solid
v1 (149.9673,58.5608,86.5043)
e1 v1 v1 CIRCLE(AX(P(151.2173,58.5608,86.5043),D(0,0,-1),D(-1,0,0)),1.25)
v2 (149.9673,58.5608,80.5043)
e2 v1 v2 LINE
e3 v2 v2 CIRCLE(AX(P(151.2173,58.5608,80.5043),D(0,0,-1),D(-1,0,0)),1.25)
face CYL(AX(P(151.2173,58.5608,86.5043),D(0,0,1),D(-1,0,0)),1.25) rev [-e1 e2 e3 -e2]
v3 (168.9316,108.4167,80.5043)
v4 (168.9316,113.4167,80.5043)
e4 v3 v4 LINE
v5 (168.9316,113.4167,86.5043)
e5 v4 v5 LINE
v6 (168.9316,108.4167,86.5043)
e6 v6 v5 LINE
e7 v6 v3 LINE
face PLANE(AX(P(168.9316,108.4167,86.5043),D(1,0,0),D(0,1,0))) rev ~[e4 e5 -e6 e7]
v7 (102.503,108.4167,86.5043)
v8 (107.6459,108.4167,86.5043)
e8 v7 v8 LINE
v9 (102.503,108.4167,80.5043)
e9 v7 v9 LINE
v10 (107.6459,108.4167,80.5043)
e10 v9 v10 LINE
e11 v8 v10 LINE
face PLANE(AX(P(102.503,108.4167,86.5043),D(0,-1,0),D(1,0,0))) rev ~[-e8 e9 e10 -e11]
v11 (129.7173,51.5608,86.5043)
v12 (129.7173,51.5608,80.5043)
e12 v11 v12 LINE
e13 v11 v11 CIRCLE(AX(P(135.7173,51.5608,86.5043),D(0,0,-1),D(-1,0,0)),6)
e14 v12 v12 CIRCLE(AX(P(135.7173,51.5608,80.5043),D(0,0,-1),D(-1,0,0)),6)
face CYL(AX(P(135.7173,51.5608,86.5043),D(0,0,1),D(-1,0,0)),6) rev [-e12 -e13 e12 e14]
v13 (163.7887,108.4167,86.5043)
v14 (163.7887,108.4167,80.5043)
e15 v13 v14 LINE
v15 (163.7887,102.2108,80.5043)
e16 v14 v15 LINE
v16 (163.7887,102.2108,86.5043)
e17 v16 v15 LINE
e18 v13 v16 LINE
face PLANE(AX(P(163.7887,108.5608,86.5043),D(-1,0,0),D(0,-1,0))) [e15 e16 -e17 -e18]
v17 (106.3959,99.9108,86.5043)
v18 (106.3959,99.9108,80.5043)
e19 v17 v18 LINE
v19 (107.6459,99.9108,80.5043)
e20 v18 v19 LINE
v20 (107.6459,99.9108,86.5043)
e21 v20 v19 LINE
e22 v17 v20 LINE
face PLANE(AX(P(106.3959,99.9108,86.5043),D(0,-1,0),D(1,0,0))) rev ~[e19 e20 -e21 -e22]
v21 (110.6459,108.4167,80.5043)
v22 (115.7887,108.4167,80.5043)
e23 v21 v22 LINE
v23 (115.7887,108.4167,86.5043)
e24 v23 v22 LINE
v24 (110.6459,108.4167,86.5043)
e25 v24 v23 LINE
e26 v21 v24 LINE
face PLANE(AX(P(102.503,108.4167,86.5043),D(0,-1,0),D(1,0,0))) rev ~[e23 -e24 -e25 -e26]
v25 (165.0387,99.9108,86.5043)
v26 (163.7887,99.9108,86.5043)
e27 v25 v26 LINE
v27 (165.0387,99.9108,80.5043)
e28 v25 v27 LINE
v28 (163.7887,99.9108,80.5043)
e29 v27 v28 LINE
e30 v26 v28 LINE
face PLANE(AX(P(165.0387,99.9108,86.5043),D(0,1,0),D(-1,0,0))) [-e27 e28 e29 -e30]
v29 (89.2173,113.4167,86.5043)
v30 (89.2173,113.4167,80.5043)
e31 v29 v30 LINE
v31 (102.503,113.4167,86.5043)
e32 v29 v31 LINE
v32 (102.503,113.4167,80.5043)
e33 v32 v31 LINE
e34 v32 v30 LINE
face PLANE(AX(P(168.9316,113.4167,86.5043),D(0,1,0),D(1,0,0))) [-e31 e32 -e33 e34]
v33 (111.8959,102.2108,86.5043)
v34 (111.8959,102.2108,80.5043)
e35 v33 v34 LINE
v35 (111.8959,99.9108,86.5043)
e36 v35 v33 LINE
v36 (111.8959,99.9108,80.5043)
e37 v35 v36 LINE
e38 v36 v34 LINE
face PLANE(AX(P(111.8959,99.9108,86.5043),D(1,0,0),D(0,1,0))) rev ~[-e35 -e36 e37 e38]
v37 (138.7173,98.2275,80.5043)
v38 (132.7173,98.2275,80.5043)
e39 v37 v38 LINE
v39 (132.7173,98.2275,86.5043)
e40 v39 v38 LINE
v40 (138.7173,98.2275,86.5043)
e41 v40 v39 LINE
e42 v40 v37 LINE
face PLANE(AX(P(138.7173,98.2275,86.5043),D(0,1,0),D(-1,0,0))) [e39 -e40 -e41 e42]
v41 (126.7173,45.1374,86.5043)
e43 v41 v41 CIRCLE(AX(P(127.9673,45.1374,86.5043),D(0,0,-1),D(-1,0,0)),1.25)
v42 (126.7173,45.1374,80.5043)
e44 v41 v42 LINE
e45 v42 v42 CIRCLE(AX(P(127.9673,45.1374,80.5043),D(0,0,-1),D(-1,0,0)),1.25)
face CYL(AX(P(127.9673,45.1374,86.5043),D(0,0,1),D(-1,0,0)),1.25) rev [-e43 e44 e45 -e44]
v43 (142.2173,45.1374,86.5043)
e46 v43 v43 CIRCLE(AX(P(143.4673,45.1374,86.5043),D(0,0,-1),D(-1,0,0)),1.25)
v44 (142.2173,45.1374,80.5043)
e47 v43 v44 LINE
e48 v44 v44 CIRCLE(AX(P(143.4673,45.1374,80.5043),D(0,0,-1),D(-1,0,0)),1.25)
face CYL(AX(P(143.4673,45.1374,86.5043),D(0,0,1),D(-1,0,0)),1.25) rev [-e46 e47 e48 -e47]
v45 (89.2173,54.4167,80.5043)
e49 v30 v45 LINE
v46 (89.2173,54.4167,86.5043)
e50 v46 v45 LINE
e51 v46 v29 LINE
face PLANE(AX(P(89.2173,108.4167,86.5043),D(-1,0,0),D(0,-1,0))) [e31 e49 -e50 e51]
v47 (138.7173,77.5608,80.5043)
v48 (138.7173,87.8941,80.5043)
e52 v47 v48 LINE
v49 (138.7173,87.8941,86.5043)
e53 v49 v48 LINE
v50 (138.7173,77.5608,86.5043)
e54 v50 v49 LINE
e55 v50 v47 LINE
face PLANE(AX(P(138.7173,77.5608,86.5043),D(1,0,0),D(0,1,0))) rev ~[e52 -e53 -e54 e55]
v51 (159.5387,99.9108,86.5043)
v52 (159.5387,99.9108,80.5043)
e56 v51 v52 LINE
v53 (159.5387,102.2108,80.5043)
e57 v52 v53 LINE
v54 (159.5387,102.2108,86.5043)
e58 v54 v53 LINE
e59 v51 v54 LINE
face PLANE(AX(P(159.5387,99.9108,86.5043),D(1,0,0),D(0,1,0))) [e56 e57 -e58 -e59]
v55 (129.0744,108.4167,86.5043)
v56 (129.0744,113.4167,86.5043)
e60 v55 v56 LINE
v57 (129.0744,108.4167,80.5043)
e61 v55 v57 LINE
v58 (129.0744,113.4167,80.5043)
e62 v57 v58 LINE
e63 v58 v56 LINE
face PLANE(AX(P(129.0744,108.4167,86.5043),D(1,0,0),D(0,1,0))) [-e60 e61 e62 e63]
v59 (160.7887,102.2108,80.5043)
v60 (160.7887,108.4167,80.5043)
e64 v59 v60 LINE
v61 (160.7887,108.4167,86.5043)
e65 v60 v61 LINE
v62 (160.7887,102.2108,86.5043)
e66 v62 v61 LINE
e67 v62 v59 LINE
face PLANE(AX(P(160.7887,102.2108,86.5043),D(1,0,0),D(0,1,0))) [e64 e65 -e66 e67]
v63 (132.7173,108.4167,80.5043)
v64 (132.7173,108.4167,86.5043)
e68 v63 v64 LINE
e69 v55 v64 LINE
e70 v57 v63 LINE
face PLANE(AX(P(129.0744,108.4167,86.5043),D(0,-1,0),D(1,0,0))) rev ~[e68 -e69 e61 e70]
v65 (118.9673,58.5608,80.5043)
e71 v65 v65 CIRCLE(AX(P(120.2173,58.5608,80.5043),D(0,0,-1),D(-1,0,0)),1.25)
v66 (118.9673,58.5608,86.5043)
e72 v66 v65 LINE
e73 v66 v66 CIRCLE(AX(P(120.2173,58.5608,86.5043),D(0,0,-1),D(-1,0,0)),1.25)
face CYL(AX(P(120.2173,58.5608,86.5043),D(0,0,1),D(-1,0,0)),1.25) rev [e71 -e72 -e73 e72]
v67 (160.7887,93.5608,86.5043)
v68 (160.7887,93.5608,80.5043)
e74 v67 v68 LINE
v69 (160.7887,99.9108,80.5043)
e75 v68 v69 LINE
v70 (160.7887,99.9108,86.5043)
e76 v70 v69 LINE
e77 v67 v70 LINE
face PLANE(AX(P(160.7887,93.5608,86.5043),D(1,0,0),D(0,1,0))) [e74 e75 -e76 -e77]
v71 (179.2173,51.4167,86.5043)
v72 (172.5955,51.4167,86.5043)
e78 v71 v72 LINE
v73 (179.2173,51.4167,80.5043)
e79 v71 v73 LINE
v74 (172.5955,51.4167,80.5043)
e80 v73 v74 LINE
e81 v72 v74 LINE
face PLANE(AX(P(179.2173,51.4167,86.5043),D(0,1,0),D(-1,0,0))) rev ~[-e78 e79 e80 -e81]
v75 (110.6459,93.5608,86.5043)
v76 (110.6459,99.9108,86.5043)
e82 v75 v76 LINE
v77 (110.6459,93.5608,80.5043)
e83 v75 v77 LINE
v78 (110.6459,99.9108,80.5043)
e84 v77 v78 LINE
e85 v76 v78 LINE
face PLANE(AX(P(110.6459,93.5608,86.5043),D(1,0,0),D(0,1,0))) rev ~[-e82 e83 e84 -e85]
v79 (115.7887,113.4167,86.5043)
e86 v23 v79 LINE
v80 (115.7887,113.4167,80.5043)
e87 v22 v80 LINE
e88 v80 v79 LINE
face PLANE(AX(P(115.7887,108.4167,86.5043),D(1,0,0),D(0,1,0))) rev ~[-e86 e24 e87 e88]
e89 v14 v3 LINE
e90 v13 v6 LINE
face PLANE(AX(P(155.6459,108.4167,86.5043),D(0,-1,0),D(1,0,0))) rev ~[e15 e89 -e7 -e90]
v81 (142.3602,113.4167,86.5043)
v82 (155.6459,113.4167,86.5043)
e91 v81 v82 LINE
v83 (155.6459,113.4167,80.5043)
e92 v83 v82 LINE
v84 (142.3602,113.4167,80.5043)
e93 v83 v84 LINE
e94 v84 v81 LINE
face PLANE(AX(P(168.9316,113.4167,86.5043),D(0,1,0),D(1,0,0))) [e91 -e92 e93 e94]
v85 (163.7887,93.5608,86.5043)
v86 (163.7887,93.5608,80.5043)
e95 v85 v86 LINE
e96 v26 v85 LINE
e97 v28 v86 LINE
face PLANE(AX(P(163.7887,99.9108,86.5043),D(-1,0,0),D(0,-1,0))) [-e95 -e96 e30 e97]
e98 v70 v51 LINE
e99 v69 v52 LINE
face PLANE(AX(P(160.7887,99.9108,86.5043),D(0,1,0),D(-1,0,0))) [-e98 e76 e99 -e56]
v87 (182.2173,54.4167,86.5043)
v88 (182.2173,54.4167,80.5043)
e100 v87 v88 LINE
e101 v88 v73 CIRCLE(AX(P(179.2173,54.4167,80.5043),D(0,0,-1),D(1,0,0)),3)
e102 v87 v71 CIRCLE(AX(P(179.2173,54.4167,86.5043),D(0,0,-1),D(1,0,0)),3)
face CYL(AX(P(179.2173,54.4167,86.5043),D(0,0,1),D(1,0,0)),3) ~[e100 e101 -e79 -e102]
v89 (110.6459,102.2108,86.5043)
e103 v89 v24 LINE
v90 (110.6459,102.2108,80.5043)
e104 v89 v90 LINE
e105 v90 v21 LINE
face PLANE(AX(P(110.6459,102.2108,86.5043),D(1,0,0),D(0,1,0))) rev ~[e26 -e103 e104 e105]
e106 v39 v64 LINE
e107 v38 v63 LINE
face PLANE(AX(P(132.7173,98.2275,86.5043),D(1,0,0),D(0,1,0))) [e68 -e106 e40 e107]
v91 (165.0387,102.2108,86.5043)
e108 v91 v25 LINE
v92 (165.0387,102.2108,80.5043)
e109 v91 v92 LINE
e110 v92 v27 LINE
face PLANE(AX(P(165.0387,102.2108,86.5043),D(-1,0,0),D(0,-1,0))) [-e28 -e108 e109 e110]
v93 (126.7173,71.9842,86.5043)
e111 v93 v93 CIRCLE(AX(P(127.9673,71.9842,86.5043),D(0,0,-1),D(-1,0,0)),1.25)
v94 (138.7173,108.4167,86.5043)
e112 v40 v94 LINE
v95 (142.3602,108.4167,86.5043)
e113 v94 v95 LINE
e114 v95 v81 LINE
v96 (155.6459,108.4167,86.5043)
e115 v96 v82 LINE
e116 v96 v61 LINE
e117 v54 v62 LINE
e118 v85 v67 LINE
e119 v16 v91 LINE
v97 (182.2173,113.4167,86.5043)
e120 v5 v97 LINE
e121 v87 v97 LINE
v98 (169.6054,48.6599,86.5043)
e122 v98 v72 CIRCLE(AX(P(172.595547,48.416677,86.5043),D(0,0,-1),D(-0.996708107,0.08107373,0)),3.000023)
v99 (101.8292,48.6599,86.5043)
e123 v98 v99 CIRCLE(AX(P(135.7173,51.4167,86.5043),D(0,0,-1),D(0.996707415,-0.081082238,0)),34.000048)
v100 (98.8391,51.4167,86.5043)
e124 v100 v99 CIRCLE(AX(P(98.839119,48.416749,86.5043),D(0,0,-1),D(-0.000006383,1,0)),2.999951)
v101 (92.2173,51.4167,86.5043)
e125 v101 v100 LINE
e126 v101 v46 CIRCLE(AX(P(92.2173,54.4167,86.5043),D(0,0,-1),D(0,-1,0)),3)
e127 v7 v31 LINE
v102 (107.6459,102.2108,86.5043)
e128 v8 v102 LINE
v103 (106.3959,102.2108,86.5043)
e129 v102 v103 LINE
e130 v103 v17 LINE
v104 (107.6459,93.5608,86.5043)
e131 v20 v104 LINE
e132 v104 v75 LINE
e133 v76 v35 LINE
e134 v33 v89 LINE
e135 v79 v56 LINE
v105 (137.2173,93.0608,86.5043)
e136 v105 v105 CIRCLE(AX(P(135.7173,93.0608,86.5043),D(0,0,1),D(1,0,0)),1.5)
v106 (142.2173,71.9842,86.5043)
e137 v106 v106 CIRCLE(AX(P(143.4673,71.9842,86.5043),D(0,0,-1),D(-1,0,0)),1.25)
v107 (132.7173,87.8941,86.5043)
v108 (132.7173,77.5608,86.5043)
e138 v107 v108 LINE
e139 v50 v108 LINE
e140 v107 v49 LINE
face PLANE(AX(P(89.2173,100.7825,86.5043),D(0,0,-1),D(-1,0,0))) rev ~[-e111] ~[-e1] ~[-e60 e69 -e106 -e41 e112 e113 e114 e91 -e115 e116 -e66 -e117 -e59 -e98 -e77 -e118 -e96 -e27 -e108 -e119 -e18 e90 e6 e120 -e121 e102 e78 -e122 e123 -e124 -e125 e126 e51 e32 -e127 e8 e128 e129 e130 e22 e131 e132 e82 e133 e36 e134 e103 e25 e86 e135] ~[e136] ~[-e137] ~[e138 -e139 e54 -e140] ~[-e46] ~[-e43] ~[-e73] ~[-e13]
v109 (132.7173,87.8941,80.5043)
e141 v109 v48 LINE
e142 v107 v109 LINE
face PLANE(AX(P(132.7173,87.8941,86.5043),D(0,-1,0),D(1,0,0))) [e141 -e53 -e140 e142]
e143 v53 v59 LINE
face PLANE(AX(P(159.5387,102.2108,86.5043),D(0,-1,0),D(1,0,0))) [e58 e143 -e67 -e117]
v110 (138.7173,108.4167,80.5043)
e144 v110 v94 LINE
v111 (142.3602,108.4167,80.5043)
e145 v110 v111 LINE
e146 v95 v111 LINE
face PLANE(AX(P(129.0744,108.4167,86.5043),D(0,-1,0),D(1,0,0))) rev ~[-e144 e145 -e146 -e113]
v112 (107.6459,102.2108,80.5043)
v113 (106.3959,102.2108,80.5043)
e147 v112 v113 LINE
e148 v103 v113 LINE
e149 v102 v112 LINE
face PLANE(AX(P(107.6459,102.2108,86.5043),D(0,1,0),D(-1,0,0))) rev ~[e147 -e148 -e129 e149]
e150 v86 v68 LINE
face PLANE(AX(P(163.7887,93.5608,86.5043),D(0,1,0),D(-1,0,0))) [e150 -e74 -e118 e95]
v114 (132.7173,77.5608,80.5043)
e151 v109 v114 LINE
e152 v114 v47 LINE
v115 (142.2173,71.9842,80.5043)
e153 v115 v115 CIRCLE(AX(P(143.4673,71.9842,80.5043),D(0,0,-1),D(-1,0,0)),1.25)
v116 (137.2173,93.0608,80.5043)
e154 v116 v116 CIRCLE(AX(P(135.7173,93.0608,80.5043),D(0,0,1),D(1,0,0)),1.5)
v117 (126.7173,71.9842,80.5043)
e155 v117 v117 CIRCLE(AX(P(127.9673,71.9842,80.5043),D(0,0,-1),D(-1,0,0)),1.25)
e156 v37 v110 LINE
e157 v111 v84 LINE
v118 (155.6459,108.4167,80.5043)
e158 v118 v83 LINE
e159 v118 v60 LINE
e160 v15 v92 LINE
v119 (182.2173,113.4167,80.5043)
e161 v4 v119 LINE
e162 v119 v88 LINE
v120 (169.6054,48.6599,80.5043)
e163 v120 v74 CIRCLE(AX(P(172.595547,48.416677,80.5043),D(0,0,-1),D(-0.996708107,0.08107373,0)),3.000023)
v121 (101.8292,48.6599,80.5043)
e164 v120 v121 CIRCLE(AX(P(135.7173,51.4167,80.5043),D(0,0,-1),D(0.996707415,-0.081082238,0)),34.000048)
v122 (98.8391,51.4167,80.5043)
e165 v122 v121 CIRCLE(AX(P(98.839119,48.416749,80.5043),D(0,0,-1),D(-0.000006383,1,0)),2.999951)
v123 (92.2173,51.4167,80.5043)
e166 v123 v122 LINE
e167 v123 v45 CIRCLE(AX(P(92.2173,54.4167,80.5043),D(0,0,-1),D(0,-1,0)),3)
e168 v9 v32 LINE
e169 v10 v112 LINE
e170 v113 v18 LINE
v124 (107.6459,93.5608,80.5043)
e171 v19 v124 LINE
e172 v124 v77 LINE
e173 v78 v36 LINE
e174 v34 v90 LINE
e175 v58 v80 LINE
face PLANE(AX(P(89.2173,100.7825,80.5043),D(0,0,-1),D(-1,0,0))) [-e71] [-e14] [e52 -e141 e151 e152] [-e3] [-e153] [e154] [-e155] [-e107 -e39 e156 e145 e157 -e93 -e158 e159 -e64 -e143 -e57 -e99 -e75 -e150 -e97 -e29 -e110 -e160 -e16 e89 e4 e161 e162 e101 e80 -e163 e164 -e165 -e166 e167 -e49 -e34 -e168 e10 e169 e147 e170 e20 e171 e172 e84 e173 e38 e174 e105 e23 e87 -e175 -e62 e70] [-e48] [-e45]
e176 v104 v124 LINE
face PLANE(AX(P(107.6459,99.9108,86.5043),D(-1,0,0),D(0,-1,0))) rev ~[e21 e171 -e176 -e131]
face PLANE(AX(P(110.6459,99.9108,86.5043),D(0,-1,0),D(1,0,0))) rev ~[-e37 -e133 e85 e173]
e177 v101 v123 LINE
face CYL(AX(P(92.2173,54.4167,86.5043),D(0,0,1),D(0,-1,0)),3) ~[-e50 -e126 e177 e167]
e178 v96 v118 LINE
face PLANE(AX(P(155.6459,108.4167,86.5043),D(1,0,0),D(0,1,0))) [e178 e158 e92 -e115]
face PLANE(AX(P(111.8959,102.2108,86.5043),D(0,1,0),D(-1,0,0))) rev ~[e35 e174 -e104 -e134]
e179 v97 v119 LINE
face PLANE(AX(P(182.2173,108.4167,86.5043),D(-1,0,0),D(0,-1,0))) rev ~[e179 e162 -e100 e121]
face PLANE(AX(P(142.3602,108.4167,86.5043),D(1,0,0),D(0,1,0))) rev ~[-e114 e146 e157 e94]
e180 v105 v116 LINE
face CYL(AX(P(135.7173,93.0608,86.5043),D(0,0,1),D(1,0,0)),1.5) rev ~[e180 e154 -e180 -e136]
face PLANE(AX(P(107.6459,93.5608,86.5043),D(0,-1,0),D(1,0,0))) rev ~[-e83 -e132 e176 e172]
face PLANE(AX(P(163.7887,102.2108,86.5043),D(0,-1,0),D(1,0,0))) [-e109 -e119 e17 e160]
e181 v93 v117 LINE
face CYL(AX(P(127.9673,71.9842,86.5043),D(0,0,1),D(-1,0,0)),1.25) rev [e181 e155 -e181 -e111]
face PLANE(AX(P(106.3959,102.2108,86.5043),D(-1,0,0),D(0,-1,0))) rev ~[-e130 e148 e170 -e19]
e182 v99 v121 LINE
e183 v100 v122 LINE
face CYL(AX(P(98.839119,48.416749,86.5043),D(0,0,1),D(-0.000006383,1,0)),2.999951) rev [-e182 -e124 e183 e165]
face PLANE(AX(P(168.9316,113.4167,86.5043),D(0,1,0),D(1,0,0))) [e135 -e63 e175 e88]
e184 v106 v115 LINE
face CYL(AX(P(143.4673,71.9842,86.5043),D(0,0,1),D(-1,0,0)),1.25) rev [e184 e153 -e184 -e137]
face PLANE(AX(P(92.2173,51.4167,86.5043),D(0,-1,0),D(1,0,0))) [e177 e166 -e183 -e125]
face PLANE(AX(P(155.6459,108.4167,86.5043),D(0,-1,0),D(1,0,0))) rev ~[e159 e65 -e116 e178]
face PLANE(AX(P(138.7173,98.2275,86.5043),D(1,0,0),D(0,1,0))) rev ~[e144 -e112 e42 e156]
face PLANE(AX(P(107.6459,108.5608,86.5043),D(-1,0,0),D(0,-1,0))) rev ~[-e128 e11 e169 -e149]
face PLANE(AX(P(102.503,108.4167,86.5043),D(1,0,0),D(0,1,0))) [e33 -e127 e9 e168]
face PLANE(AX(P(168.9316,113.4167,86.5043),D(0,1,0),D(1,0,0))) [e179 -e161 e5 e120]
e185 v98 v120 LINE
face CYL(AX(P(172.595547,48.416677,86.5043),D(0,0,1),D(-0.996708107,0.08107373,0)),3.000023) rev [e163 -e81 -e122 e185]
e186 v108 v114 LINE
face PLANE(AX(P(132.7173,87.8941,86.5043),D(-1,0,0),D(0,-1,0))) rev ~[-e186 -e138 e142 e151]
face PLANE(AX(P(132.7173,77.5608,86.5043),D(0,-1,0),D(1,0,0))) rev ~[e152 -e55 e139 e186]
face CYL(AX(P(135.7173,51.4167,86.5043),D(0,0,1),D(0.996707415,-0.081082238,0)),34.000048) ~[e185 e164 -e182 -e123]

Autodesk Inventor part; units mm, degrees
ref_plane "YZ Plane" through (0, 0, 0) normal (1, 0, 0) x (0, 1, 0)
ref_plane "XZ Plane" through (0, 0, 0) normal (0, 1, 0) x (-1, 0, 0)
ref_plane "РабПлоскость1" through (89.2173, 100.7825, 86.5043) normal (0, 0, -1) x (-1, 0, 0)
sketch "Эскиз1" plane through (89.2173, 100.7825, 86.5043) normal (0, 0, -1) x (-1, 0, 0)
  line L0 (0, 7.6342) -> (-13.2857, 7.6342) construction
  line L1 (0, 7.6342) -> (0, 13.6342) projected
  line L2 (-13.2857, 13.6342) -> (0, 13.6342) projected
  line L3 (-13.2857, 7.6342) -> (-13.2857, 13.6342) projected
  line L4 (-26.5714, 7.6342) -> (-39.8571, 7.6342) construction
  line L5 (-26.5714, 7.6342) -> (-26.5714, 13.6342) projected
  line L6 (-39.8571, 13.6342) -> (-26.5714, 13.6342) projected
  line L7 (-39.8571, 7.6342) -> (-39.8571, 13.6342) projected
  line L8 (-53.1429, 7.6342) -> (-66.4286, 7.6342) construction
  line L9 (-53.1429, 7.6342) -> (-53.1429, 13.6342) projected
  line L10 (-66.4286, 13.6342) -> (-53.1429, 13.6342) projected
  line L11 (-66.4286, 7.6342) -> (-66.4286, 13.6342) projected
  line L12 (-79.7143, 7.6342) -> (-93, 7.6342) construction
  line L13 (-79.7143, 7.6342) -> (-79.7143, 13.6342) projected
  line L14 (-93, 13.6342) -> (-79.7143, 13.6342) projected
  line L15 (-93, 7.6342) -> (-93, 13.6342) projected
  line L16 (-13.2857, 7.6342) -> (-26.5714, 7.6342)
  line L17 (-39.8571, 7.6342) -> (-53.1429, 7.6342)
  line L18 (-66.4286, 7.6342) -> (-79.7143, 7.6342)
  line L19 (0, 7.6342) -> (0, -46.3658)
  line L20 (-3, -49.3658) -> (-9.6218, -49.3658)
  line L21 (-93, 7.6342) -> (-93, -46.3658)
  line L22 (-90, -49.3658) -> (-83.3782, -49.3658)
  line L23 (-12.5, -49.3658) -> (-80.5, -49.3658) construction
  arc A0 (-80.3881, -52.1226) -> (-12.6119, -52.1226) centre (-46.5, -49.3658) ccw
  arc A1 (-9.6218, -49.3658) -> (-12.6119, -52.1226) centre (-9.6218, -52.3658) ccw
  arc A2 (-80.3881, -52.1226) -> (-83.3782, -49.3658) centre (-83.3782, -52.3658) ccw
  arc A3 (-93, -46.3658) -> (-90, -49.3658) centre (-90, -46.3658) ccw
  arc A4 (-3, -49.3658) -> (0, -46.3658) centre (-3, -46.3658) ccw
  circle A5 centre (-46.5, -49.2217) radius 6
  circle A6 centre (-62, -42.2217) radius 1.25
  circle A7 centre (-54.25, -55.6451) radius 1.25
  circle A8 centre (-38.75, -55.6451) radius 1.25
  circle A9 centre (-31, -42.2217) radius 1.25
  circle A10 centre (-38.75, -28.7983) radius 1.25
  circle A11 centre (-54.25, -28.7983) radius 1.25
  point P0 (89.2173, -100.7825)
  point P1 (-93, -49.3658)
  dimension "d0" = 57
  dimension "d1" = 34
  dimension "d2" = 3
  dimension "d3" = 6
ref_plane "РабПлоскость2" through (219.2173, 403.7825, -131.4957) normal (0, 0, -1) x (-1, 0, 0)
extrude "Выдавливание1" add sketch "Эскиз1" along normal blind 6
sketch "Эскиз2" plane through (89.2173, 100.7825, 86.5043) normal (0, 0, 1) x (1, 0, 0)
  circle A0 centre (46.5, -42.2217) radius 19
  line L0 (49.5, -2.555) -> (43.5, -2.555)
  line L1 (43.5, -2.555) -> (43.5, -12.8884) construction
  line L2 (43.5, -12.8884) -> (49.5, -12.8884)
  line L3 (49.5, -12.8884) -> (49.5, -2.555) construction
  line L4 (49.5, -12.8884) -> (46.5, -42.2217) construction
  line L5 (46.5, -42.2217) -> (43.5, -12.8884) construction
  line L6 (49.5, -12.8884) -> (43.5, -2.555) construction
  line L7 (43.5, -12.8884) -> (43.5, -23.2217)
  line L8 (43.5, -23.2217) -> (49.5, -23.2217)
  line L9 (49.5, -23.2217) -> (49.5, -12.8884)
  line L10 (43.5, -2.555) -> (43.5, 7.7783)
  line L11 (49.5, -2.555) -> (49.5, 7.7783)
  circle A1 centre (46.5, -7.7217) radius 1.5
  line L12 (18.4286, 7.7783) -> (18.4286, 13.7783) construction
  line L13 (21.4286, 7.7783) -> (21.4286, 13.7783) construction
  line L14 (71.5714, 7.7783) -> (71.5714, 13.7783) construction
  line L15 (74.5714, 7.7783) -> (74.5714, 13.7783) construction
  line L16 (43.5, 7.7783) -> (49.5, 7.7783)
  line L17 (18.4286, 7.7783) -> (18.4286, 1.4283)
  line L18 (18.4286, 1.4283) -> (17.1786, 1.4283)
  line L19 (17.1786, 1.4283) -> (17.1786, -0.8717)
  line L20 (17.1786, -0.8717) -> (18.4286, -0.8717)
  line L21 (18.4286, -0.8717) -> (18.4286, -7.2217)
  line L22 (18.4286, -7.2217) -> (21.4286, -7.2217)
  line L23 (21.4286, -7.2217) -> (21.4286, -0.8717)
  line L24 (21.4286, -0.8717) -> (22.6786, -0.8717)
  line L25 (22.6786, -0.8717) -> (22.6786, 1.4283)
  line L26 (22.6786, 1.4283) -> (21.4286, 1.4283)
  line L27 (21.4286, 1.4283) -> (21.4286, 7.7783)
  line L28 (18.4286, 7.7783) -> (21.4286, 7.7783)
  line L29 (46.5, 7.7783) -> (46.5, -2.555) construction
  line L30 (74.5714, 7.7783) -> (74.5714, 1.4283)
  line L31 (74.5714, 1.4283) -> (75.8214, 1.4283)
  line L32 (75.8214, 1.4283) -> (75.8214, -0.8717)
  line L33 (75.8214, -0.8717) -> (74.5714, -0.8717)
  line L34 (74.5714, -0.8717) -> (74.5714, -7.2217)
  line L35 (74.5714, -7.2217) -> (71.5714, -7.2217)
  line L36 (71.5714, -7.2217) -> (71.5714, -0.8717)
  line L37 (71.5714, -0.8717) -> (70.3214, -0.8717)
  line L38 (70.3214, -0.8717) -> (70.3214, 1.4283)
  line L39 (70.3214, 1.4283) -> (71.5714, 1.4283)
  line L40 (71.5714, 1.4283) -> (71.5714, 7.7783)
  line L41 (71.5714, 7.7783) -> (74.5714, 7.7783)
  line L42 (335, 7.7783) -> (-15, 7.7783) construction
  point P0 (-89.2173, -100.7825)
  dimension "d19" = 6
  dimension "d21" = 3
  dimension "d22" = 5.5
  dimension "d23" = 2.3
  dimension "d26" = 15
extrude "Выдавливание2" cut sketch "Эскиз2" against normal blind 6 contours L8 L7 L2 L9 | L0 L10 L16 L11 | A1 | L28 L27 L26 L25 L24 L23 L22 L21 L20 L19 L18 L17 | L30 L31 L32 L33 L34 L35 L36 L37 L38 L39 L40 L41
sketch "Эскиз4" plane through (168.9316, 114.4167, 86.5043) normal (0, 1, 0) x (1, 0, 0)
  line L0 (13.2857, 6) -> (10.2857, 6) projected
  line L1 (-79.7143, 0) -> (-79.7143, 6) projected
  line L2 (13.2857, 6) -> (-79.7143, 6)
  line L3 (-79.7143, 6) -> (-79.7143, 0)
  line L4 (-79.7143, 0) -> (13.2857, 0)
  line L5 (13.2857, 0) -> (13.2857, 6)
  point P0 (-168.9316, 86.5043)
  point P1 (10.2857, 6)
  point P2 (-79.7143, 6)
extrude "Выдавливание3" cut sketch "Эскиз4" against normal blind 1
equation "\"d5\" = d3"
equation "\"d19\" = d3"
equation "\"d14\" = d3"
properties part number "motor3"
